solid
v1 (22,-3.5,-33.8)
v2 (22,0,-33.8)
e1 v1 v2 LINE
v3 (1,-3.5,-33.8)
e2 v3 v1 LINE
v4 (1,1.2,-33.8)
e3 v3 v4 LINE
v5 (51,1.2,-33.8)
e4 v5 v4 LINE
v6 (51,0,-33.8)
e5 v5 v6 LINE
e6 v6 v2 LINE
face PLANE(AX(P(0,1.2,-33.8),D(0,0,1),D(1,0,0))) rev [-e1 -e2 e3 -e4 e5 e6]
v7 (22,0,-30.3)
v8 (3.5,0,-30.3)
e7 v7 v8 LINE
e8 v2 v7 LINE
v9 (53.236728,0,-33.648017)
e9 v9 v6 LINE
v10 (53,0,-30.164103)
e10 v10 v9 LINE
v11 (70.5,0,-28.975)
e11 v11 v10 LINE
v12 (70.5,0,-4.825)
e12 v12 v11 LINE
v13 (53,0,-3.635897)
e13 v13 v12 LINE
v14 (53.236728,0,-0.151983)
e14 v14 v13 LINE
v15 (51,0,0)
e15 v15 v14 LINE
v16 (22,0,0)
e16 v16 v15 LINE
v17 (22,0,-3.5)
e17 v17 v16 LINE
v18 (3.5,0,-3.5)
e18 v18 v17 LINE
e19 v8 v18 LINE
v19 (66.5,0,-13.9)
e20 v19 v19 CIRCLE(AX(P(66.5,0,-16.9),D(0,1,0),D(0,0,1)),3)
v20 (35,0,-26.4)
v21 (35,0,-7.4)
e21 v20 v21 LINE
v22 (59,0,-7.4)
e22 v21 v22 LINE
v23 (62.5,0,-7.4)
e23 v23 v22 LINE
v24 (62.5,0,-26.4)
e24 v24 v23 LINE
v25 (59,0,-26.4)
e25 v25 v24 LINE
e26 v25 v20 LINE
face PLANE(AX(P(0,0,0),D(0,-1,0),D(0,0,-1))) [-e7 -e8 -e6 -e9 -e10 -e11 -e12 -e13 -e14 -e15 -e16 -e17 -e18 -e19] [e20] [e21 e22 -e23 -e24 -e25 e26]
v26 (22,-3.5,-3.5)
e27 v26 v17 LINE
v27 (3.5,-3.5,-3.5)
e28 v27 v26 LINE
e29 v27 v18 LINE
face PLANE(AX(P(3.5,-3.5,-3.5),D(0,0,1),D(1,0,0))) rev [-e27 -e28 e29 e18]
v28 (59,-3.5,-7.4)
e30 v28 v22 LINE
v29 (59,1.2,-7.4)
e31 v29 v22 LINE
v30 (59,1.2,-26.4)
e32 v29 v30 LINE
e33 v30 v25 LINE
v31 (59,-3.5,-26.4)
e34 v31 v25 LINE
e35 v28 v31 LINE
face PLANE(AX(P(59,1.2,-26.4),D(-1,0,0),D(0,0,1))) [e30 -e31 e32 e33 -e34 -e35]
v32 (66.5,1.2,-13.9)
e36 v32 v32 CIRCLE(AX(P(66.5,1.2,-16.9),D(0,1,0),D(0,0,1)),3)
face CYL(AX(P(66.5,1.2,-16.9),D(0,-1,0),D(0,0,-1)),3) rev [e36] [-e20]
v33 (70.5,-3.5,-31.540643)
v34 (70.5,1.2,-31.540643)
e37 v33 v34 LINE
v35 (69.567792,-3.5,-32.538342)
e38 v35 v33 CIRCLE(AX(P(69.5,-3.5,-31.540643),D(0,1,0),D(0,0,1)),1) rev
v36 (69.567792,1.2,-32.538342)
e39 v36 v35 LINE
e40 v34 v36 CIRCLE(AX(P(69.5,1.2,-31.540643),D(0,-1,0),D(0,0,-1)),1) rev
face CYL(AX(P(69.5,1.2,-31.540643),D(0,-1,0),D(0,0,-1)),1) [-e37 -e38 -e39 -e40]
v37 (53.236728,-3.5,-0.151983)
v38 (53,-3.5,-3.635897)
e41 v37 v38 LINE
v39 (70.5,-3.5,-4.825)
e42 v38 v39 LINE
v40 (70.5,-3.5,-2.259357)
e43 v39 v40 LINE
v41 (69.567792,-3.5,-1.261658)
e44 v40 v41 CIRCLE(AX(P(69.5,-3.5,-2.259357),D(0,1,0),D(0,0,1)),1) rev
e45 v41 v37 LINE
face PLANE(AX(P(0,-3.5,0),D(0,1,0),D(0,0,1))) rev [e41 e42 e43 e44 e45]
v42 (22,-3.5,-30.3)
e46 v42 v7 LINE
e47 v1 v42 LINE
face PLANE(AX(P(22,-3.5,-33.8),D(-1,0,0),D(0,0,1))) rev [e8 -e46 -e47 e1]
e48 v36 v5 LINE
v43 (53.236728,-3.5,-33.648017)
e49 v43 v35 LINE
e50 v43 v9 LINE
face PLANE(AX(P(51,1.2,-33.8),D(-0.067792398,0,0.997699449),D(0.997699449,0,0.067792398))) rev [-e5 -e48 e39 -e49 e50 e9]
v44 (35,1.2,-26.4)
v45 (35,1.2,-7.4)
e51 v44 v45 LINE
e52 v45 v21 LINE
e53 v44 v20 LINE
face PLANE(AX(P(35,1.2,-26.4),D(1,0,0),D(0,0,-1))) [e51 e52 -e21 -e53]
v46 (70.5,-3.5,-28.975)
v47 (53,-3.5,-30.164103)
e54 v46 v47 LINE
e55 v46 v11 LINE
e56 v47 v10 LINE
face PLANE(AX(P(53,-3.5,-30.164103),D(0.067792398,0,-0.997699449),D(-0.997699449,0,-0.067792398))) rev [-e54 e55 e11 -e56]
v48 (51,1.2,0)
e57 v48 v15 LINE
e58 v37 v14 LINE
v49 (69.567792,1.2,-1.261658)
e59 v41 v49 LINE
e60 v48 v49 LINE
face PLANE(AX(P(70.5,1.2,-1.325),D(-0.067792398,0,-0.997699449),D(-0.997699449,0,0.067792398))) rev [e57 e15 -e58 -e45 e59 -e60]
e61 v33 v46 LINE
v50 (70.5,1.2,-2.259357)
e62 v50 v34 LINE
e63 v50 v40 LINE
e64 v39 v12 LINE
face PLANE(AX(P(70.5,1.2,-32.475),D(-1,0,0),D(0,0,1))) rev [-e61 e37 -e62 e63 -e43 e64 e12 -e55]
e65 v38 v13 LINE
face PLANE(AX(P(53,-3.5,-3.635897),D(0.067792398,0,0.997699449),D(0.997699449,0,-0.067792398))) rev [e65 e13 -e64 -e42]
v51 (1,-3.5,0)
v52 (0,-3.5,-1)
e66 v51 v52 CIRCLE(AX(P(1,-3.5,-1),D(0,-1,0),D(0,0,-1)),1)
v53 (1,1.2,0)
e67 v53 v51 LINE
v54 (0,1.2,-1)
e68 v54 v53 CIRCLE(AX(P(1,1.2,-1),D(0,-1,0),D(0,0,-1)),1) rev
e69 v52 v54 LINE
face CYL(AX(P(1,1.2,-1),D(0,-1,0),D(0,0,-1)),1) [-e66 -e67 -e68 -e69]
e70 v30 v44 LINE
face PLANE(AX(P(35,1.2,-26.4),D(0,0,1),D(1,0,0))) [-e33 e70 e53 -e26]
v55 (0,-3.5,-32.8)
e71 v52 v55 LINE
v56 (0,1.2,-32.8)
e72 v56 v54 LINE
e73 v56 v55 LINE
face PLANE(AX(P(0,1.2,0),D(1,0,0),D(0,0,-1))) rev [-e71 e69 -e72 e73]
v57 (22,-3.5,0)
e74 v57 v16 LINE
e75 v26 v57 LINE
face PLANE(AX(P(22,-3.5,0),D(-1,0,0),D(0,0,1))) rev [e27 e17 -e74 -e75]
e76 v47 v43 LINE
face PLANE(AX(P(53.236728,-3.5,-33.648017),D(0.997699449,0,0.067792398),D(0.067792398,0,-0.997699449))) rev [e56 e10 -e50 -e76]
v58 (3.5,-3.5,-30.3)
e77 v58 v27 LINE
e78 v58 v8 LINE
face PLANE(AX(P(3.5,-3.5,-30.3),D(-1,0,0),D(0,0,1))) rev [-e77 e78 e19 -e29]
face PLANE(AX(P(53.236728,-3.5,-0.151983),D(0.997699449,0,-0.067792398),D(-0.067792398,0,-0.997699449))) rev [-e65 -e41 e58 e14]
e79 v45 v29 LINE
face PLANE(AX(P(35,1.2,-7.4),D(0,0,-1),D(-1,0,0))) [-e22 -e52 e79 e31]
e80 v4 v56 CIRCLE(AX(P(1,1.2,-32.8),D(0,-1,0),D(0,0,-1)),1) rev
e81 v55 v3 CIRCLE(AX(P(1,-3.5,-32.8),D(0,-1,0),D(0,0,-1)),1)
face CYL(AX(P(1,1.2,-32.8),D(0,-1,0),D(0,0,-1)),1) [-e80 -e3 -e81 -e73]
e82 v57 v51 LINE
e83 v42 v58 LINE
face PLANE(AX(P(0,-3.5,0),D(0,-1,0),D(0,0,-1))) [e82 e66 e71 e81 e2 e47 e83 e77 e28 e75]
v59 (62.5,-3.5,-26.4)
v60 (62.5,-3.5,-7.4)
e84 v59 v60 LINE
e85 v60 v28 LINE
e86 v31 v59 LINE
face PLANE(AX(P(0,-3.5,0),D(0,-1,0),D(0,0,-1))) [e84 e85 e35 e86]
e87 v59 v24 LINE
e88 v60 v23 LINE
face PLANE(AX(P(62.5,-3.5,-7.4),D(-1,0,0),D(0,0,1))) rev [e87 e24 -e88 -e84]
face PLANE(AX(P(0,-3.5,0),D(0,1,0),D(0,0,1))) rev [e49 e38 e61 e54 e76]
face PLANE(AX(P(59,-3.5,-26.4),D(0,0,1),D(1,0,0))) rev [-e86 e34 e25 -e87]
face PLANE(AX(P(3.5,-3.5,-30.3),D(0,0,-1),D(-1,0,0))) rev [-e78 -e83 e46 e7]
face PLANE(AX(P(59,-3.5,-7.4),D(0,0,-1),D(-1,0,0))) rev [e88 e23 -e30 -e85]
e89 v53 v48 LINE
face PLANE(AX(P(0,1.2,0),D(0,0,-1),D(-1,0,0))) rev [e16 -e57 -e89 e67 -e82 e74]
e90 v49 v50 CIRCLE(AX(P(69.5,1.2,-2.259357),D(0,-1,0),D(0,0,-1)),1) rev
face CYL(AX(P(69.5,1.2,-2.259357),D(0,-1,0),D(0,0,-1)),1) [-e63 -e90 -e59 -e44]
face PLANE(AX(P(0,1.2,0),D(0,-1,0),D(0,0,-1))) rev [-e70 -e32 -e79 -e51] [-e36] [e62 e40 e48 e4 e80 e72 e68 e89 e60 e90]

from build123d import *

# Parameters (mm, degrees)
SKETCH1_R           = 3
SKETCH1_W           = 24
SKETCH1_H           = 19
BOSS_EXTRUDE1_DEPTH = 1.2
SKETCH2_W           = 3.5
SKETCH2_H           = 19
BOSS_EXTRUDE2_DEPTH = 3.5
FILLET1_R           = 1


with BuildPart() as part:
    # Sketch1 → Boss-Extrude1 (new body)
    with BuildSketch(Plane(origin=(0, 0, 0), x_dir=(1, 0, 0), z_dir=(0, 1, 0))):
        Polygon((51, 33.8), (70.5, 32.475), (70.5, 1.325), (51, 0), (0, 0), (0, 33.8), align=None)
        with Locations(Location((66.5, 16.9, 0), (0, 0, 270))):
            Circle(SKETCH1_R, mode=Mode.SUBTRACT)
        with Locations((47, 16.9)):
            Rectangle(SKETCH1_W, SKETCH1_H, mode=Mode.SUBTRACT)
    extrude(amount=BOSS_EXTRUDE1_DEPTH)

    # Sketch2 → Boss-Extrude2 (add)
    with BuildSketch(Plane.XZ):
        Polygon((0, 0), (22, 0), (22, -3.5), (3.5, -3.5), (3.5, -30.3), (22, -30.3), (22, -33.8), (4.40507534, -33.8), (0, -33.8), (0, -3.5), align=None)
        Polygon((53.236727535, -0.151982768), (70.5, -1.325), (70.5, -4.825), (53, -3.635897436), align=None)
        Polygon((70.5, -32.475), (53.236727535, -33.648017232), (53, -30.164102564), (70.5, -28.975), align=None)
        with Locations((60.75, -16.9)):
            Rectangle(SKETCH2_W, SKETCH2_H)
    extrude(amount=BOSS_EXTRUDE2_DEPTH)

    # Fillet1
    fillet1_edges = [part.edges().sort_by_distance(p)[0] for p in [
        (0, -1.15, -33.8),
        (70.5, -1.15, -32.475),
        (70.5, -1.15, -1.325),
        (0, -1.15, 0),
    ]]
    fillet(fillet1_edges, radius=FILLET1_R)


solid = part.part
